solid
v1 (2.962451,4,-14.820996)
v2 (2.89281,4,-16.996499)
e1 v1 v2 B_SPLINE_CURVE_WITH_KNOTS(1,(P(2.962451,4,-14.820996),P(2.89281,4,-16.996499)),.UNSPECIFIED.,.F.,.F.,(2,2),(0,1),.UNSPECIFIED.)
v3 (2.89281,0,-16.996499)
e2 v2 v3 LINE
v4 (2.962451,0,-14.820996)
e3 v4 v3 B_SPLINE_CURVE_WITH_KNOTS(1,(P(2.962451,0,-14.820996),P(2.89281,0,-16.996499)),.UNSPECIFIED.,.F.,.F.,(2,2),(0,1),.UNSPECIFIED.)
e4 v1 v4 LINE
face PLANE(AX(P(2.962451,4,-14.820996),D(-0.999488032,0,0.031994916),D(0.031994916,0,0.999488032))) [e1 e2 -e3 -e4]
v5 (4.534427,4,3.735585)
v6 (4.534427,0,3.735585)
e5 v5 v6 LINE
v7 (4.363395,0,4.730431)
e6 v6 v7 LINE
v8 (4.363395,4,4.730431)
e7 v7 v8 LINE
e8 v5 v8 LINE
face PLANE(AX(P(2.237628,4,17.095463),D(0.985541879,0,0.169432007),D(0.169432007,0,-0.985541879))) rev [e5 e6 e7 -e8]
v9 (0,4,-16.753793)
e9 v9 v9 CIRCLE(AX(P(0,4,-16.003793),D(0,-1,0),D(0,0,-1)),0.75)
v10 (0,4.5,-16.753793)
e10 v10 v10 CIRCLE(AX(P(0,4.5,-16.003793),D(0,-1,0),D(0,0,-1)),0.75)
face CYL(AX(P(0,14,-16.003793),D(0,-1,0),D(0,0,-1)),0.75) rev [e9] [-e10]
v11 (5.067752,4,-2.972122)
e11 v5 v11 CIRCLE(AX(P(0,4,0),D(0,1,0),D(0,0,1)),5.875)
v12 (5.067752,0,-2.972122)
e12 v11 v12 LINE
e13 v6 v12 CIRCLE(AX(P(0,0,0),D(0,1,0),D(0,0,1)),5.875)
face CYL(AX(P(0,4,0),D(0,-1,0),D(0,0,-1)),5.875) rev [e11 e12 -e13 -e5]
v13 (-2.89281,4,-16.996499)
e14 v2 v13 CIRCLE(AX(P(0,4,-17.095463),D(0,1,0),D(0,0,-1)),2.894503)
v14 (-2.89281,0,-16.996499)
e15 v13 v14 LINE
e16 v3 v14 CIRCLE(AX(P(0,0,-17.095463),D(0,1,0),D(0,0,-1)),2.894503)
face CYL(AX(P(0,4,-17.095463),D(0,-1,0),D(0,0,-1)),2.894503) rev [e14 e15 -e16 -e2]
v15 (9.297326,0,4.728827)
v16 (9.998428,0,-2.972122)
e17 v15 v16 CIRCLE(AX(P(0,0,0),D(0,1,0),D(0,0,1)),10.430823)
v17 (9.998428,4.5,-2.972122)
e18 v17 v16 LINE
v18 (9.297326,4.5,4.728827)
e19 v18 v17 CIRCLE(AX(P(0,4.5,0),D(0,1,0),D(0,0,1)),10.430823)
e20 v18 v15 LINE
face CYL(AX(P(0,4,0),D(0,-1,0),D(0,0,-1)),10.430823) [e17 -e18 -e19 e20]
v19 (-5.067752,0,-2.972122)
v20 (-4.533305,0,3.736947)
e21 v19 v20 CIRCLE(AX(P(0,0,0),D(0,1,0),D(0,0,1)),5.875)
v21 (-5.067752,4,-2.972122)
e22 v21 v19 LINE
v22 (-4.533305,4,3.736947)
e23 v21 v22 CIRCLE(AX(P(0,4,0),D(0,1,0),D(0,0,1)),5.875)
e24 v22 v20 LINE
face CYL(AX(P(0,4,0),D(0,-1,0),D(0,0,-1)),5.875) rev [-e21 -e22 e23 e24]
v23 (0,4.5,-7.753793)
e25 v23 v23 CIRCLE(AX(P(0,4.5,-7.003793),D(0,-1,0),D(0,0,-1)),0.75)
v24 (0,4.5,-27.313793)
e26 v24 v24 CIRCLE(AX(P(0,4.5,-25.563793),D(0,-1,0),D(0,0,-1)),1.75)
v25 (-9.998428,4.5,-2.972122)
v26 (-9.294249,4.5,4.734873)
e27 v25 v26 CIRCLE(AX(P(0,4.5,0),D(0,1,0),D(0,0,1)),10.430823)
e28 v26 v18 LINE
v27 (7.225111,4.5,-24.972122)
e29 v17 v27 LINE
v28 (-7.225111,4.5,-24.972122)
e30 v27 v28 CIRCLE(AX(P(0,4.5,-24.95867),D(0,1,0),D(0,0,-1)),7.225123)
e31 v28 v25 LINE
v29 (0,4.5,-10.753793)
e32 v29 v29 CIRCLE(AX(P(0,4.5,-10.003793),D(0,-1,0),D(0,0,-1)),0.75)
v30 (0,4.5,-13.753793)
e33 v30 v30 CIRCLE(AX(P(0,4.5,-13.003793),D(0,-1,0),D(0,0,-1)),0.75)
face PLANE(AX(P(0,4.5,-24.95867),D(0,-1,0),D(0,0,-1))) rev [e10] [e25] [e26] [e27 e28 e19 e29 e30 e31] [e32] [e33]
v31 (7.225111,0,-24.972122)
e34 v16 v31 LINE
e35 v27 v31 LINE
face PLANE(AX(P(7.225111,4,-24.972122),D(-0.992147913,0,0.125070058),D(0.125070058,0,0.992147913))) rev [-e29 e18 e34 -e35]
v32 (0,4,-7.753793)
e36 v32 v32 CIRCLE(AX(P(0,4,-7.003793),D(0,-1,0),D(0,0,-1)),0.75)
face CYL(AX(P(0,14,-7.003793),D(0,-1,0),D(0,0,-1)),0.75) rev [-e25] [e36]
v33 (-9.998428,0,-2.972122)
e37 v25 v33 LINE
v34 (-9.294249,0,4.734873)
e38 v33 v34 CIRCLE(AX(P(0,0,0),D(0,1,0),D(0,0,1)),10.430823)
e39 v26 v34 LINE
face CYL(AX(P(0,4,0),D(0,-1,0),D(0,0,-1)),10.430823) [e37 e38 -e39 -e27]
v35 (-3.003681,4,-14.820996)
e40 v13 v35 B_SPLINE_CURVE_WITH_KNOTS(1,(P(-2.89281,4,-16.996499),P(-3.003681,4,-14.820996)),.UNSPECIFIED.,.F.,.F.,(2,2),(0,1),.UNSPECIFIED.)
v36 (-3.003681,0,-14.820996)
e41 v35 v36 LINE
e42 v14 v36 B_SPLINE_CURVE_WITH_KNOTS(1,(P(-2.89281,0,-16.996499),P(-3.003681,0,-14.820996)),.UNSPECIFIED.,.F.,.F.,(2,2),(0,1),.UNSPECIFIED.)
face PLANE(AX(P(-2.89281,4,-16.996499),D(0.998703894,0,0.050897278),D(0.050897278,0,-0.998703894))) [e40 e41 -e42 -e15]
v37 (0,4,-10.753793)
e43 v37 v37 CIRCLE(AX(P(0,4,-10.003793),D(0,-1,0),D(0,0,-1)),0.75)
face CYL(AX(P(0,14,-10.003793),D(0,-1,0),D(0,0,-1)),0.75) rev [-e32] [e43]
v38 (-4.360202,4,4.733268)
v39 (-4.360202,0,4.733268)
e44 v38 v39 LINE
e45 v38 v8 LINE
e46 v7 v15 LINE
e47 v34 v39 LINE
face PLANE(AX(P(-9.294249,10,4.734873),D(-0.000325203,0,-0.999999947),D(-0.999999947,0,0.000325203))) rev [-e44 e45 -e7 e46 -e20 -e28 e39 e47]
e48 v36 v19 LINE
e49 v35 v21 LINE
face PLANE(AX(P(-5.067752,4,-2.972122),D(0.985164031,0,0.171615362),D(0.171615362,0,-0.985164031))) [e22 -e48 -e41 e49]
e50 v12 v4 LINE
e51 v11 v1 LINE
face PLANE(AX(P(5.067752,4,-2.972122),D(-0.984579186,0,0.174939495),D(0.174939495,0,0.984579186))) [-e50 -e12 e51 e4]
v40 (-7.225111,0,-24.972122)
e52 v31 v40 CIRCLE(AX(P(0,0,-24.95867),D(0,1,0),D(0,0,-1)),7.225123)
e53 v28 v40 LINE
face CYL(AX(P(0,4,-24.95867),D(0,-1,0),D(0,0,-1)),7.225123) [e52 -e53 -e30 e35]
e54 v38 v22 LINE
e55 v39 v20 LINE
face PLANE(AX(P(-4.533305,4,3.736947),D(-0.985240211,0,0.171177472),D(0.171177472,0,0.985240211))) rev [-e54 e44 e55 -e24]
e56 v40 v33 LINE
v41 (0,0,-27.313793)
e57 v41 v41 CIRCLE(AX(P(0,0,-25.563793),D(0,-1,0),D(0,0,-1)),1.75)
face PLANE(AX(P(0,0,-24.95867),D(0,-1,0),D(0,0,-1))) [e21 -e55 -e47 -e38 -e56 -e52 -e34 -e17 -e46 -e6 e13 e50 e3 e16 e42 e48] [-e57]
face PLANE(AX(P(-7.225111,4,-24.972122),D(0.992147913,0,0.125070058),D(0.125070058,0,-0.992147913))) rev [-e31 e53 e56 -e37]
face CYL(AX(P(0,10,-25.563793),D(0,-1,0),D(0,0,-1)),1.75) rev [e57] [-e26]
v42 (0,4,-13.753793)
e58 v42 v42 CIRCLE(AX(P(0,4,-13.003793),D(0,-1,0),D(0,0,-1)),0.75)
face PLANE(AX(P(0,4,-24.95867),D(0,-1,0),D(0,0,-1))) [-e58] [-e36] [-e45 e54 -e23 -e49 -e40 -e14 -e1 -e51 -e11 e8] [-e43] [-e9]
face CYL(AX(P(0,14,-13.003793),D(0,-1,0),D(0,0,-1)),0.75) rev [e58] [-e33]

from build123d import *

# Parameters (mm, degrees)
DODANIE_WYCI_GNI_CIE1_DEPTH = 4
DODANIE_WYCI_GNI_CIE2_DEPTH = 0.5
WYTNIJ_WYCI_GNI_CIE6_DEPTH  = 4
WYTNIJ_WYCI_GNI_CIE7_DEPTH  = 10
SZKIC8_R                    = 1.75
WYTNIJ_WYCI_GNI_CIE8_DEPTH  = 10
SZKIC9_R                    = 0.75
WYTNIJ_WYCI_GNI_CIE9_DEPTH  = 10


with BuildPart() as part:
    # Szkic1 → Dodanie-wyciągnięcie1 (new body)
    with BuildSketch(Plane(origin=(0, 0, 0), x_dir=(1, 0, 0), z_dir=(0, 1, 0))):
        with BuildLine():
            Line((-7.225110555, 24.972122297), (-9.998428156, 2.972122297))
            ThreePointArc((-9.998428156, 2.972122297), (0, -10.430823387), (9.998428156, 2.972122297))
            Line((9.998428156, 2.972122297), (7.225110555, 24.972122297))
            ThreePointArc((7.225110555, 24.972122297), (0, 32.183793132), (-7.225110555, 24.972122297))
        make_face()
        with BuildLine():
            Line((-5.067752367, 2.972122297), (-3.003681195, 14.820995555))
            Line((-3.003681195, 14.820995555), (-2.892810316, 16.996498506))
            ThreePointArc((-2.892810316, 16.996498506), (0, 19.989966002), (2.892810316, 16.996498506))
            Line((2.892810316, 16.996498506), (2.962451003, 14.820995555))
            Line((2.962451003, 14.820995555), (5.067752367, 2.972122297))
            ThreePointArc((5.067752367, 2.972122297), (0, -5.875), (-5.067752367, 2.972122297))
        make_face(mode=Mode.SUBTRACT)
    extrude(amount=DODANIE_WYCI_GNI_CIE1_DEPTH)

    # Szkic2 → Dodanie-wyciągnięcie2 (add)
    with BuildSketch(Plane(origin=(0, 4, 0), x_dir=(1, 0, 0), z_dir=(0, 1, 0))):
        with BuildLine():
            Line((-7.225110555, 24.972122297), (-9.998428156, 2.972122297))
            ThreePointArc((-9.998428156, 2.972122297), (0, -10.430823387), (9.998428156, 2.972122297))
            Line((9.998428156, 2.972122297), (7.225110555, 24.972122297))
            ThreePointArc((7.225110555, 24.972122297), (0, 32.183793132), (-7.225110555, 24.972122297))
        make_face()
    extrude(amount=DODANIE_WYCI_GNI_CIE2_DEPTH)

    # Szkic5 → Wytnij-wyciągnięcie6 (cut)
    with BuildSketch(Plane.XZ):
        with BuildLine():
            Line((-2.212371502, 17.095463356), (2.237628498, 17.095463356))
            Line((2.237628498, 17.095463356), (4.534426812, 3.735585428))
            ThreePointArc((4.534426812, 3.735585428), (0.000881881, 5.874999934), (-4.53330513, 3.736946561))
            Line((-4.53330513, 3.736946561), (-2.212371502, 17.095463356))
        make_face()
    extrude(amount=-WYTNIJ_WYCI_GNI_CIE6_DEPTH, mode=Mode.SUBTRACT)

    # Szkic7 → Wytnij-wyciągnięcie7 (cut)
    with BuildSketch(Plane.XZ):
        with BuildLine():
            Line((-9.294248657, 4.73487259), (9.297326284, 4.728826547))
            ThreePointArc((9.297326284, 4.728826547), (0.003392139, 10.430822836), (-9.294248657, 4.73487259))
        make_face()
    extrude(amount=-WYTNIJ_WYCI_GNI_CIE7_DEPTH, mode=Mode.SUBTRACT)

    # Szkic8 → Wytnij-wyciągnięcie8 (cut)
    with BuildSketch(Plane.XZ):
        with Locations(Location((0, -25.563793132, 0), (0, 0, 270))):
            Circle(SZKIC8_R)
    extrude(amount=-WYTNIJ_WYCI_GNI_CIE8_DEPTH, mode=Mode.SUBTRACT)

    # Szkic9 → Wytnij-wyciągnięcie9 (cut)
    with BuildSketch(Plane.XZ.offset(-4)):
        with Locations(Location((0, -16.003793132, 0), (0, 0, 270))):
            Circle(SZKIC9_R)
        with Locations(Location((0, -13.003793132, 0), (0, 0, 270))):
            Circle(SZKIC9_R)
        with Locations(Location((0, -10.003793132, 0), (0, 0, 270))):
            Circle(SZKIC9_R)
        with Locations(Location((0, -7.003793132, 0), (0, 0, 270))):
            Circle(SZKIC9_R)
    extrude(amount=-WYTNIJ_WYCI_GNI_CIE9_DEPTH, mode=Mode.SUBTRACT)


solid = part.part
